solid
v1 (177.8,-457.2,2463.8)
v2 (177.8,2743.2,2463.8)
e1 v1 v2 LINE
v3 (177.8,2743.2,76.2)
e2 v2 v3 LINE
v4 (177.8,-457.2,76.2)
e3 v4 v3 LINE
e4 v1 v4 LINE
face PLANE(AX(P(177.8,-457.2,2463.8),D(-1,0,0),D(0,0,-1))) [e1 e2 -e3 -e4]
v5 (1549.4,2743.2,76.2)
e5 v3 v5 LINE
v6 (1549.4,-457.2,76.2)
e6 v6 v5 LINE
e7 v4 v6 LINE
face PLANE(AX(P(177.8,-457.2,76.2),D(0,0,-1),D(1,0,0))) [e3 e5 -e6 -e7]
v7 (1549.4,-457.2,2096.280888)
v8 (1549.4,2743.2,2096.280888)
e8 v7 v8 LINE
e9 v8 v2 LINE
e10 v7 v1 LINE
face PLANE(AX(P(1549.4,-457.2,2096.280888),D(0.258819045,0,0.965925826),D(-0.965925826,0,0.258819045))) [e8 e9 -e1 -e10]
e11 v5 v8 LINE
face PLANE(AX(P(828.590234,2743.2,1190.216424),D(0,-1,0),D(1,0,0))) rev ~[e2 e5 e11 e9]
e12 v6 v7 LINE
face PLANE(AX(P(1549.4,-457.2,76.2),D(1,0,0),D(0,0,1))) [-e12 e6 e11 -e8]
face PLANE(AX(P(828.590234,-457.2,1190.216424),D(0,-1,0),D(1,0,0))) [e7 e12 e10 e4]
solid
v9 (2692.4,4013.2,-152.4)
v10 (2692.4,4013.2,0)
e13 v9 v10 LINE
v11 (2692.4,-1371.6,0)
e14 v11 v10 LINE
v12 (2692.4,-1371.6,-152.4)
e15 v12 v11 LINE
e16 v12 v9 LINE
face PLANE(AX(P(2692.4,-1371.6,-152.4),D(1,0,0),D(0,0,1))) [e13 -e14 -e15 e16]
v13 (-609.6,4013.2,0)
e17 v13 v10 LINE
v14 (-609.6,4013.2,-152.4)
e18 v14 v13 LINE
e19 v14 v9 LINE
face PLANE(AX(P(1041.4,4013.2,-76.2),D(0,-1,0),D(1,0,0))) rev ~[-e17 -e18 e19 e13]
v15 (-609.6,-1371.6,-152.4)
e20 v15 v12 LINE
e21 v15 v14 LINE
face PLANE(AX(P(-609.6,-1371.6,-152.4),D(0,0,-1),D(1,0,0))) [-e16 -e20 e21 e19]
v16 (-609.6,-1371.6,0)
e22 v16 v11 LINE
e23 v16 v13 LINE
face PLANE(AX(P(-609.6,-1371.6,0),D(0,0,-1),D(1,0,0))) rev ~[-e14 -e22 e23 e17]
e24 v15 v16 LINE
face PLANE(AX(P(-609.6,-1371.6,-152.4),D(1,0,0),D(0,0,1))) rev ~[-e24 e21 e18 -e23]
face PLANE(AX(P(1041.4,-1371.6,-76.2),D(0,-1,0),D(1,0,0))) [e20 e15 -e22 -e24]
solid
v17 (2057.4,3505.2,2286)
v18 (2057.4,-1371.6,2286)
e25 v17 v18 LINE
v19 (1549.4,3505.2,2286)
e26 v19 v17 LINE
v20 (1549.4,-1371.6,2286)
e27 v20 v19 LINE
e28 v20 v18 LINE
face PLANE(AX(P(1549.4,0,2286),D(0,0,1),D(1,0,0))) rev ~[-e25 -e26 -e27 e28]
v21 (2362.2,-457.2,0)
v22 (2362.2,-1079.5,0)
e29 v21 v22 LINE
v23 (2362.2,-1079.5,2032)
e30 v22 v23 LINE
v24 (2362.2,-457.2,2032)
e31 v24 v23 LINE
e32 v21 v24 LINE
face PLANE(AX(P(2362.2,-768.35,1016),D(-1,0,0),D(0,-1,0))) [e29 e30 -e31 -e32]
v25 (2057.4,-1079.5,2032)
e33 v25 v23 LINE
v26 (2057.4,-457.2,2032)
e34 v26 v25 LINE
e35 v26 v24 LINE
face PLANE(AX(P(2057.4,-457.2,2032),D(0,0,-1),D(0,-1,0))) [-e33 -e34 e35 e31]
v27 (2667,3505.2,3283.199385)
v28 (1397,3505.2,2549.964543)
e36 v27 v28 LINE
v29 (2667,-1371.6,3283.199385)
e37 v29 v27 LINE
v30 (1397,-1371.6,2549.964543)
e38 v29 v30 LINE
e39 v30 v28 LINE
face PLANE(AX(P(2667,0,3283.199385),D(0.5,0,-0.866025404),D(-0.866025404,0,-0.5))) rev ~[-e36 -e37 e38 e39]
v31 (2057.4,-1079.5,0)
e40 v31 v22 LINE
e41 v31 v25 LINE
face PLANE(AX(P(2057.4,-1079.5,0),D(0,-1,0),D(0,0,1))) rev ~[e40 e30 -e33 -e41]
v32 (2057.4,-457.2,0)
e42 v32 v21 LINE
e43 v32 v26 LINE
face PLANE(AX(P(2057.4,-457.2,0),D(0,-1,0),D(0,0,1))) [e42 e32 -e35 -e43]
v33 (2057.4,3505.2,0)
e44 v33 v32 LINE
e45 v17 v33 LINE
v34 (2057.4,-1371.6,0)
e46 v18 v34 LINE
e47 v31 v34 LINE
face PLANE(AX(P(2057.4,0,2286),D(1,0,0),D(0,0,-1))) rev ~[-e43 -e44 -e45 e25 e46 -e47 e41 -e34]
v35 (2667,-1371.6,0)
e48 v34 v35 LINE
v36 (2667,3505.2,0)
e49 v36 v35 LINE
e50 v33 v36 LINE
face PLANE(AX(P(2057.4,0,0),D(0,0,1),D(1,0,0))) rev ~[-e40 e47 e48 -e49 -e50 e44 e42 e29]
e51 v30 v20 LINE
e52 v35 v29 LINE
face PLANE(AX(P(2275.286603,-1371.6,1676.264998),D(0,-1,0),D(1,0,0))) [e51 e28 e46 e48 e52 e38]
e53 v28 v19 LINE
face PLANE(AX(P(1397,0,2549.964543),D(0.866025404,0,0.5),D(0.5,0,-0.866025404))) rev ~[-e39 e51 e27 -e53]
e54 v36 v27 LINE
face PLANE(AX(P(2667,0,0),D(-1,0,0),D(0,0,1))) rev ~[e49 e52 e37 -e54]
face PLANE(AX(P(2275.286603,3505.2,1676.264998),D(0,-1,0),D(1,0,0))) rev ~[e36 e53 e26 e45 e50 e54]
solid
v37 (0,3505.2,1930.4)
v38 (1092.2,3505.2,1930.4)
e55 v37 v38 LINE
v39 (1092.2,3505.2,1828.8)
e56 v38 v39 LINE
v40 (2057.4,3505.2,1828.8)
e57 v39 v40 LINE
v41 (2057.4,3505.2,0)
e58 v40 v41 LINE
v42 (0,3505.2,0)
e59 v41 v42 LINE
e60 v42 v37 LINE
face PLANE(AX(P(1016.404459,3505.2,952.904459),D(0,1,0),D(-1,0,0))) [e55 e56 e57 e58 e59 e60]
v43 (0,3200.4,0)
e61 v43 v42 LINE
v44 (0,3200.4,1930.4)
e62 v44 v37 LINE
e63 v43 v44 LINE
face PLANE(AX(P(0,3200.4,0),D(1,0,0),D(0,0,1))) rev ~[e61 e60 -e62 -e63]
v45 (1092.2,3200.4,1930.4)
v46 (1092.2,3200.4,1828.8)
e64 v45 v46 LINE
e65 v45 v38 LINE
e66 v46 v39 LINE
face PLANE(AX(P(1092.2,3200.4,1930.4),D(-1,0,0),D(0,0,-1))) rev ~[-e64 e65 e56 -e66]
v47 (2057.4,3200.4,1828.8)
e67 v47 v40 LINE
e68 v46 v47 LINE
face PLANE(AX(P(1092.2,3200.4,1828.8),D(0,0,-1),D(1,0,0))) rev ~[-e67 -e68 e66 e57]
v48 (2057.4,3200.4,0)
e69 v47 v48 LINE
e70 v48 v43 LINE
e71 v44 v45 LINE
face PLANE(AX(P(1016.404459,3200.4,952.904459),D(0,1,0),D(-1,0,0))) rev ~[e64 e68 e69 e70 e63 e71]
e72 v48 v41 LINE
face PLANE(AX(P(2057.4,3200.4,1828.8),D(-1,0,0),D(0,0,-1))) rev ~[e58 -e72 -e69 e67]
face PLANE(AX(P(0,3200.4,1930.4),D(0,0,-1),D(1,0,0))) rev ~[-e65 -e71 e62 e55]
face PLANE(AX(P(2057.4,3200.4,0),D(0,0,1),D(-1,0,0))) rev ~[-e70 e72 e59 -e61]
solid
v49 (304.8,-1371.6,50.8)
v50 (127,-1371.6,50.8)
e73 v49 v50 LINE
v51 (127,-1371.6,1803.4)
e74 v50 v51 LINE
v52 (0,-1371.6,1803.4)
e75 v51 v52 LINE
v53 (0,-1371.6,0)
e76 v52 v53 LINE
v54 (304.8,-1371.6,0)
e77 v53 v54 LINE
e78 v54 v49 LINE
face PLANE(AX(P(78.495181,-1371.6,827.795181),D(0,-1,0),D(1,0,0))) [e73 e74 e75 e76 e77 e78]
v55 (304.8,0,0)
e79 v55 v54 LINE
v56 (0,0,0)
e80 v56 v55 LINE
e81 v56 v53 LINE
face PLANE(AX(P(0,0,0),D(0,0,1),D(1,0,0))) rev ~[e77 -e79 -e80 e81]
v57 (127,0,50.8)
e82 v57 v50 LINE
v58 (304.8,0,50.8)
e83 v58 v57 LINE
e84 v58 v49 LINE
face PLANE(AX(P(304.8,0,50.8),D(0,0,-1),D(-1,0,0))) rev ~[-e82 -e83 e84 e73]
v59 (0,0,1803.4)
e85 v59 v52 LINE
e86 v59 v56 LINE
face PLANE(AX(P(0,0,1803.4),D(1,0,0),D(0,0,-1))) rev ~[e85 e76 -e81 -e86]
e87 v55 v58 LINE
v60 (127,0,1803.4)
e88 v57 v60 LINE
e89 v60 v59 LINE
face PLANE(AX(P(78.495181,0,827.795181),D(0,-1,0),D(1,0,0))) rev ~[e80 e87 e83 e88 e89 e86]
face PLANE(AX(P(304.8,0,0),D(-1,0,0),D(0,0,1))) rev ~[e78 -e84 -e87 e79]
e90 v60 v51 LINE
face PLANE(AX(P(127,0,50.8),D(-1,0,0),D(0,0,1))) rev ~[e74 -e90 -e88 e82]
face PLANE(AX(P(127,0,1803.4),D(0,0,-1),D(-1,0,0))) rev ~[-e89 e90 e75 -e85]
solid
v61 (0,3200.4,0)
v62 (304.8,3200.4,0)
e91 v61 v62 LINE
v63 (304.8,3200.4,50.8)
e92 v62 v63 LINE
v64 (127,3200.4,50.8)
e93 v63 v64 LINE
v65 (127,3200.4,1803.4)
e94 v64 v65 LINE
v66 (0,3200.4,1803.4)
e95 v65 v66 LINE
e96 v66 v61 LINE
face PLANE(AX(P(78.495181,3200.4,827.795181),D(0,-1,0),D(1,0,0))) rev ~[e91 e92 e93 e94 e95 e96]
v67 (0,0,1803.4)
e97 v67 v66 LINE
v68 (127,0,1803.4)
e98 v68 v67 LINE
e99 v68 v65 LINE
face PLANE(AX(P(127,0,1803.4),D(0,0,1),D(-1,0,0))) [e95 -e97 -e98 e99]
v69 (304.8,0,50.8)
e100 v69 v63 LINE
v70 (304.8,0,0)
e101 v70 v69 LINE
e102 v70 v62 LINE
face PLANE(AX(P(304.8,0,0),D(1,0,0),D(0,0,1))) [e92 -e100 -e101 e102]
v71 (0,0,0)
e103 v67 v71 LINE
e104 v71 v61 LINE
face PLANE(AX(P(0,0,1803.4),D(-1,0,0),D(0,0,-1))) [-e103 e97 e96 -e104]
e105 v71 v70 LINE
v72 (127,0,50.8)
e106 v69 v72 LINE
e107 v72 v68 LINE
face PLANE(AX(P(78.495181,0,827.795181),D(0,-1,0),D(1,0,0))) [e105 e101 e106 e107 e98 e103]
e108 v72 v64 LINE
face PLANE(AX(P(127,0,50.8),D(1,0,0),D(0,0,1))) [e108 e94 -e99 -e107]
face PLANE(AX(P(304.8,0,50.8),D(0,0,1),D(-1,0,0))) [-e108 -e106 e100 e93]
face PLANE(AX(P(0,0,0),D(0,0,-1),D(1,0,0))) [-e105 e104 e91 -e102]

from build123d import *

# Parameters (mm, degrees)
F1_DEPTH  = 3200.4
F3_DEPTH  = 3505.2
F5_DEPTH  = 304.8
F8_DEPTH  = 1371.6
F9_W      = 3302
F9_H      = 152.4
F10_DEPTH = 5384.8
F12_DEPTH = 1371.6
F13_W     = 622.3
F13_H     = 2032
F14_DEPTH = 304.8
F17_DEPTH = 3200.4


with BuildPart() as f1:
    # F0 (on Front) → F1 (new body)
    with BuildSketch(Plane.XZ):
        Polygon((0, 1803.4), (0, 0), (304.8, 0), (304.8, 50.8), (127, 50.8), (127, 1803.4), align=None)
    extrude(amount=-F1_DEPTH)


with BuildPart() as f3:
    # F2 (on Front) → F3 (new body)
    with BuildSketch(Plane.XZ):
        Polygon((2057.4, 2286), (2057.4, 0), (2667, 0), (2667, 3283.1993849443), (1397, 2549.9645430735), (1549.4, 2286), align=None)
    extrude(amount=-F3_DEPTH)

    # F7 (on face) → F8 (join, through all)
    with BuildSketch(Plane.XZ):
        Polygon((1549.4, 2286), (2057.4, 2286), (2057.4, 0), (2667, 0), (2667, 3283.1993849443), (1397, 2549.9645430735), align=None)
    extrude(amount=F8_DEPTH)

    # F13 (on face) → F14 (cut)
    with BuildSketch(Plane(origin=(2057.4, 0, 0), x_dir=(0, -1, 0), z_dir=(-1, 0, 0))):
        with Locations((768.35, 1016)):
            Rectangle(F13_W, F13_H)
    extrude(amount=-F14_DEPTH, mode=Mode.SUBTRACT)


with BuildPart() as f5:
    # F4 (on face) → F5 (new body)
    with BuildSketch(Plane(origin=(0, 3200.4, 0), x_dir=(-1, 0, 0), z_dir=(0, 1, 0))):
        Polygon((-2057.4, 0), (0, 0), (0, 1930.4), (-1092.2, 1930.4), (-1092.2, 1828.8), (-2057.4, 1828.8), align=None)
    extrude(amount=F5_DEPTH)


with BuildPart() as f10:
    # F9 (on offset) → F10 (new body)
    with BuildSketch(Plane.XZ.offset(1371.6)):
        with Locations((1041.4, -76.2)):
            Rectangle(F9_W, F9_H)
    extrude(amount=-F10_DEPTH)


with BuildPart() as f12:
    # F11 (on face) → F12 (new body, through all)
    with BuildSketch(Plane.XZ):
        Polygon((304.8, 50.8), (127, 50.8), (127, 1803.4), (0, 1803.4), (0, 0), (304.8, 0), align=None)
    extrude(amount=F12_DEPTH)


with BuildPart() as f17:
    # F16 (on offset) → F17 (new body)
    with BuildSketch(Plane.XZ.offset(457.2)):
        Polygon((177.8, 2463.8), (177.8, 76.2), (1549.4, 76.2), (1549.4, 2096.2808876615), align=None)
    extrude(amount=-F17_DEPTH)


solid = Compound([f1.part, f3.part, f5.part, f10.part, f12.part, f17.part])
